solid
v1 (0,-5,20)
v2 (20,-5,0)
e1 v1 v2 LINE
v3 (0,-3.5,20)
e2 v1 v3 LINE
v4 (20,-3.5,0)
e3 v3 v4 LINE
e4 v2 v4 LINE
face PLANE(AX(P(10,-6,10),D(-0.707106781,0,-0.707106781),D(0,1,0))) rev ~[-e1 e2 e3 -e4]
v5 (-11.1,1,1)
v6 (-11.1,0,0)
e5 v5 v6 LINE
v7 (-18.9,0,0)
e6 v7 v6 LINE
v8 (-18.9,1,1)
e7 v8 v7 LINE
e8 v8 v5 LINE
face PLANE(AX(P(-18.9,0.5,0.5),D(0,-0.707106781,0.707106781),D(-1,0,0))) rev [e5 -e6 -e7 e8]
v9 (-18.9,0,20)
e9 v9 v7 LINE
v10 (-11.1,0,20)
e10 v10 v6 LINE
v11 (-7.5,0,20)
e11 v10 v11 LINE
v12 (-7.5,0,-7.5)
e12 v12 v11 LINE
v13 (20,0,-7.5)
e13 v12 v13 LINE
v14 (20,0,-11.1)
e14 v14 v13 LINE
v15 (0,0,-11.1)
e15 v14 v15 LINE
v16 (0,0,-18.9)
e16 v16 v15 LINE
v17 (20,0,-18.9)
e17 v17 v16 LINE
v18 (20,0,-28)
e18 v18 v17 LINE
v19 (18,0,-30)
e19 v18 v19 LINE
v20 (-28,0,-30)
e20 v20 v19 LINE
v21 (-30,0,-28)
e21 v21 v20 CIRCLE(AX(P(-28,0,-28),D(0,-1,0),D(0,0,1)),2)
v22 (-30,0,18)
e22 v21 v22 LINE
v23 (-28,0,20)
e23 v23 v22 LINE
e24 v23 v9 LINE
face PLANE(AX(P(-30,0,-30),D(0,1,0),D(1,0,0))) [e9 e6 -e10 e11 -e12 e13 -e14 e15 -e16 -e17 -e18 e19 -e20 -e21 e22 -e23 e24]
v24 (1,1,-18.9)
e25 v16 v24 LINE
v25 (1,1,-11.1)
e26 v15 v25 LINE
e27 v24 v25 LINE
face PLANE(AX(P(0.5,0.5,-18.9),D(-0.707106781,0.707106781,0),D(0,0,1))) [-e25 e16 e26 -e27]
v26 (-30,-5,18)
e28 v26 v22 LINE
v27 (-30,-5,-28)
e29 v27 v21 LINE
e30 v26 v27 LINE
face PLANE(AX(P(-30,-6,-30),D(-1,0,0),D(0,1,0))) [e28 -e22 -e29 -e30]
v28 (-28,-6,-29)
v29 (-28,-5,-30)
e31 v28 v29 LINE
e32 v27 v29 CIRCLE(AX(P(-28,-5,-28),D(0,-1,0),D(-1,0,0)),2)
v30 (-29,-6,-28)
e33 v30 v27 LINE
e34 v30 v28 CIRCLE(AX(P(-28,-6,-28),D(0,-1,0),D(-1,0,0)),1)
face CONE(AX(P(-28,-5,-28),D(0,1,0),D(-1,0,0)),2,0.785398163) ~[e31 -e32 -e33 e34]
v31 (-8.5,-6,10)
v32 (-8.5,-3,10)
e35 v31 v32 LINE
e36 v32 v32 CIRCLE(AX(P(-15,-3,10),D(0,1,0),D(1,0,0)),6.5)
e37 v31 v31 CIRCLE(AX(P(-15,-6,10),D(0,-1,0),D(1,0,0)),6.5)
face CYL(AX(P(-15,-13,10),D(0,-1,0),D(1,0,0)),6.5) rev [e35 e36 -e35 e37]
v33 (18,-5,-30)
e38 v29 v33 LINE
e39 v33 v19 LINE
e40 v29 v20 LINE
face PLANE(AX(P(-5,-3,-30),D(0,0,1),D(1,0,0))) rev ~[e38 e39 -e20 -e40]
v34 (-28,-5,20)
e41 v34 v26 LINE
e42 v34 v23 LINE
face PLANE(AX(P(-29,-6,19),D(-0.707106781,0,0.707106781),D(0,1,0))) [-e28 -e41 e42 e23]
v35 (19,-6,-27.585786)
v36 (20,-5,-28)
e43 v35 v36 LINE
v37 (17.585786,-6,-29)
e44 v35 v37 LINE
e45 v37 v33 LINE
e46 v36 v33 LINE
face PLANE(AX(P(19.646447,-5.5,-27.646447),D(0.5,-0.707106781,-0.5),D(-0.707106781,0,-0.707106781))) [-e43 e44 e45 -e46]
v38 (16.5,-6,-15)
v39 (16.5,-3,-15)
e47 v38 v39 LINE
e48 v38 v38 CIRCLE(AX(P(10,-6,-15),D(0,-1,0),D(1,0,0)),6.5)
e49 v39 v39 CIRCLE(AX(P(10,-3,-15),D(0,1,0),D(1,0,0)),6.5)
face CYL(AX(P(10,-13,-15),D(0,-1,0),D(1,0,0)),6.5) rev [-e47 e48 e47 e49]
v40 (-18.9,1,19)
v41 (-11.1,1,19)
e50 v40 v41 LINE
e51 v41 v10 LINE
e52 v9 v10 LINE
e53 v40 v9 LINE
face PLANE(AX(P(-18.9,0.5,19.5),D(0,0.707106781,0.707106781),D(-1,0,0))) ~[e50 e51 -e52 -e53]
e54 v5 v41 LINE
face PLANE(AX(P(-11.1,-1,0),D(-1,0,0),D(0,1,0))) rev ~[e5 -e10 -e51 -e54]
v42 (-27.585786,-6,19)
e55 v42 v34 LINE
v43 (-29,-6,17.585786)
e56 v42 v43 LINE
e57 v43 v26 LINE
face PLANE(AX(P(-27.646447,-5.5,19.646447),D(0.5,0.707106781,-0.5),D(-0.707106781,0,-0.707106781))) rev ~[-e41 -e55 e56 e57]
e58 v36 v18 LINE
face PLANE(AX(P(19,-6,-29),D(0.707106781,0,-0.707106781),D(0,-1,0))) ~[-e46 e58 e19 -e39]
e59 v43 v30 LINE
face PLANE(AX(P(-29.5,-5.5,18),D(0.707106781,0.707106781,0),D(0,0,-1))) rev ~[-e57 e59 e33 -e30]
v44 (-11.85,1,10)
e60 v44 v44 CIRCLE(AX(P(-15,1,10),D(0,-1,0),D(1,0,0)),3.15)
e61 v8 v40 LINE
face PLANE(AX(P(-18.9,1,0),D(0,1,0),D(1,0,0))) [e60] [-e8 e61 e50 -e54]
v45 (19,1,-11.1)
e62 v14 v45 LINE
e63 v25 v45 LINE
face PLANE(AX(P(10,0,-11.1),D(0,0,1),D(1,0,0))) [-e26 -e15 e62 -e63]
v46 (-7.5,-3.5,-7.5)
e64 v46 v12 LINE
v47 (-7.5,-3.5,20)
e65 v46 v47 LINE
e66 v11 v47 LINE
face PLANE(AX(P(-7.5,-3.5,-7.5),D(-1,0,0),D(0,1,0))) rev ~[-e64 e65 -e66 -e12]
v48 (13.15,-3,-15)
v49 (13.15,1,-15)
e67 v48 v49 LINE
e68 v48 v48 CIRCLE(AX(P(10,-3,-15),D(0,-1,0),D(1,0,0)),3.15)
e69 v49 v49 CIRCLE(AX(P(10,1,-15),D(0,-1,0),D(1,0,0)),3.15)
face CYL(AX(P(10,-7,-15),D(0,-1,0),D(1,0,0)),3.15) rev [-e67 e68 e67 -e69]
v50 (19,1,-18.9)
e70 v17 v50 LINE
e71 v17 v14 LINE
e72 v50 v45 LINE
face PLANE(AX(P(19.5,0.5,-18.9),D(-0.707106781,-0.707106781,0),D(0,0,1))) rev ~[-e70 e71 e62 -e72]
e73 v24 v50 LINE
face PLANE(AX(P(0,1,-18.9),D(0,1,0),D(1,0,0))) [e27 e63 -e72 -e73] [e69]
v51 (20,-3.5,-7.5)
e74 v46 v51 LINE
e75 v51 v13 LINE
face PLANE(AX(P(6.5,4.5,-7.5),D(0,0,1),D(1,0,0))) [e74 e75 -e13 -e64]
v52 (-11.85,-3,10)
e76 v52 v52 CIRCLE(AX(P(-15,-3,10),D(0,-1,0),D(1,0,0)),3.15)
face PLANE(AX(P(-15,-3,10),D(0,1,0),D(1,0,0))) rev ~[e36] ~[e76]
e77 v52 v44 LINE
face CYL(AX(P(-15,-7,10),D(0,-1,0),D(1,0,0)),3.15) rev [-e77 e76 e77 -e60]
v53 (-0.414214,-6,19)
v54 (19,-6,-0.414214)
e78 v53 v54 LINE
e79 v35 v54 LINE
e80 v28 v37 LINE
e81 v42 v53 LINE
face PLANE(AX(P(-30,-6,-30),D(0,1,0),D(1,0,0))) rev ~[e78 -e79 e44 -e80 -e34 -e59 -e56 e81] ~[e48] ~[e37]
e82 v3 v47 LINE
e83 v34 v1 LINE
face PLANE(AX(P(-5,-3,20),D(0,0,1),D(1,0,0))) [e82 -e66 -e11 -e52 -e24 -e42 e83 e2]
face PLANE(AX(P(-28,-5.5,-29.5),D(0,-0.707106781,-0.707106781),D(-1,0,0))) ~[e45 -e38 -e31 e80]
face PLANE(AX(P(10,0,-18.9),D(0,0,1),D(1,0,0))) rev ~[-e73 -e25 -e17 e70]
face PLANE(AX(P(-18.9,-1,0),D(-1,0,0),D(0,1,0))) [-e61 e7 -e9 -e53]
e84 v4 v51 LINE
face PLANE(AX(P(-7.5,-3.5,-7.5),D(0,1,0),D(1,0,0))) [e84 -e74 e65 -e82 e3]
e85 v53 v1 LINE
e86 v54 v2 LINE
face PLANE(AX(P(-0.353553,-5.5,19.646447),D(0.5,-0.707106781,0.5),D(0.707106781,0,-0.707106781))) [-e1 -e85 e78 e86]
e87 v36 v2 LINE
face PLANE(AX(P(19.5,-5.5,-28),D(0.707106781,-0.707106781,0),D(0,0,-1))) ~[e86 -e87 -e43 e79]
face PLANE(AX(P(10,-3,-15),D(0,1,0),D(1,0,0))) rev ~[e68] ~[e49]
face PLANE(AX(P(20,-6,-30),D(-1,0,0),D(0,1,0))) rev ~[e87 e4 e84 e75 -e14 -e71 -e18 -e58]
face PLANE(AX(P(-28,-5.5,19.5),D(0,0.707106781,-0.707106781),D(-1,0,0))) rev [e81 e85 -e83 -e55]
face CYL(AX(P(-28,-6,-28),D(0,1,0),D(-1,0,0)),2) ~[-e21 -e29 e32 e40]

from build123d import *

# Parameters (mm, degrees)
CYLINDER009_R     = 3.15
CYLINDER009_DEPTH = 10
CYLINDER008_R     = 3.15
CYLINDER008_DEPTH = 10
CYLINDER006_R     = 6.5
CYLINDER006_DEPTH = 10
CYLINDER007_R     = 6.5
CYLINDER007_DEPTH = 10
BOX010_W          = 28
BOX010_H          = 16
BOX010_DEPTH      = 28
BOX008_W          = 50
BOX008_H          = 6
BOX008_DEPTH      = 50
FILLET_R          = 2
CHAMFER014_SIZE   = 20
CHAMFER015_SIZE   = 2
CHAMFER016_SIZE   = 1
BOX007_W          = 7.8
BOX007_H          = 2
BOX007_DEPTH      = 20
CHAMFER010_SIZE   = 1
BOX009_W          = 20
BOX009_H          = 2
BOX009_DEPTH      = 7.8
CHAMFER013_SIZE   = 1


with BuildPart() as cylinder009:
    # Cylinder009 → Cylinder009 (new body)
    with BuildSketch(Plane(origin=(10, -7, -15), x_dir=(1, 0, 0), z_dir=(0, 1, 0))):
        Circle(CYLINDER009_R)
    extrude(amount=CYLINDER009_DEPTH)


with BuildPart() as fusion005:
    # Cylinder008 → Cylinder008 (new body)
    with BuildSketch(Plane(origin=(-15, -7, 10), x_dir=(1, 0, 0), z_dir=(0, 1, 0))):
        Circle(CYLINDER008_R)
    extrude(amount=CYLINDER008_DEPTH)

    # Fusion005: union Cylinder009
    add(cylinder009.part)


with BuildPart() as cylinder006:
    # Cylinder006 → Cylinder006 (new body)
    with BuildSketch(Plane(origin=(10, -16, -15), x_dir=(1, 0, 0), z_dir=(0, 1, 0))):
        Circle(CYLINDER006_R)
    extrude(amount=CYLINDER006_DEPTH)


with BuildPart() as fusion006:
    # Cylinder007 → Cylinder007 (new body)
    with BuildSketch(Plane(origin=(-15, -16, 10), x_dir=(1, 0, 0), z_dir=(0, 1, 0))):
        Circle(CYLINDER007_R)
    extrude(amount=CYLINDER007_DEPTH)

    # Fusion006: union Cylinder006
    add(cylinder006.part)


with BuildPart() as fusion006_1:
    # Fusion006 placement: moved
    add(fusion006.part.moved(Location((0, 3, 0))))


with BuildPart() as cube010:
    # Box010 → Box010 (new body)
    with BuildSketch(Plane(origin=(-7.5, -3.5, -7.5), x_dir=(1, 0, 0), z_dir=(0, 0, 1))):
        with Locations((14, 8)):
            Rectangle(BOX010_W, BOX010_H)
    extrude(amount=BOX010_DEPTH)


with BuildPart() as chamfer016:
    # Box008 → Box008 (new body)
    with BuildSketch(Plane(origin=(-30, -6, -30), x_dir=(1, 0, 0), z_dir=(0, 0, 1))):
        with Locations((25, 3)):
            Rectangle(BOX008_W, BOX008_H)
    extrude(amount=BOX008_DEPTH)

    # Fillet
    fillet_edges = [chamfer016.edges().sort_by_distance(p)[0] for p in [
        (-30, -3, -30),
    ]]
    fillet(fillet_edges, radius=FILLET_R)

    # Chamfer014
    chamfer014_edges = [chamfer016.edges().sort_by_distance(p)[0] for p in [
        (20, -3, 20),
    ]]
    chamfer(chamfer014_edges, length=CHAMFER014_SIZE)

    # Chamfer015
    chamfer015_edges = [chamfer016.edges().sort_by_distance(p)[0] for p in [
        (20, -3, -30),
        (-30, -3, 20),
    ]]
    chamfer(chamfer015_edges, length=CHAMFER015_SIZE)

    # Cut002008002: cut Cube010
    add(cube010.part, mode=Mode.SUBTRACT)

    # Chamfer016
    chamfer016_edges = [chamfer016.edges().sort_by_distance(p)[0] for p in [
        (20, -6, -14),
        (19, -6, -29),
        (10, -6, 10),
        (-5, -6, -30),
        (-14, -6, 20),
        (-29.414214, -6, -29.414214),
        (-29, -6, 19),
        (-30, -6, -5),
    ]]
    chamfer(chamfer016_edges, length=CHAMFER016_SIZE)


with BuildPart() as chamfer010:
    # Box007 → Box007 (new body)
    with BuildSketch(Plane(origin=(-18.9, -1, 0), x_dir=(1, 0, 0), z_dir=(0, 0, 1))):
        with Locations((3.9, 1)):
            Rectangle(BOX007_W, BOX007_H)
    extrude(amount=BOX007_DEPTH)

    # Chamfer010
    chamfer010_edges = [chamfer010.edges().sort_by_distance(p)[0] for p in [
        (-15, 1, 0),
        (-15, 1, 20),
    ]]
    chamfer(chamfer010_edges, length=CHAMFER010_SIZE)


with BuildPart() as top_corner_clip:
    # Box009 → Box009 (new body)
    with BuildSketch(Plane(origin=(0, -1, -18.9), x_dir=(1, 0, 0), z_dir=(0, 0, 1))):
        with Locations((10, 1)):
            Rectangle(BOX009_W, BOX009_H)
    extrude(amount=BOX009_DEPTH)

    # Chamfer013
    chamfer013_edges = [top_corner_clip.edges().sort_by_distance(p)[0] for p in [
        (0, 1, -15),
        (20, 1, -15),
    ]]
    chamfer(chamfer013_edges, length=CHAMFER013_SIZE)

    # Fusion007: union Chamfer010
    add(chamfer010.part)

    # Fusion008: union Chamfer016
    add(chamfer016.part)

    # Cut002008003: cut Fusion006
    add(fusion006_1.part, mode=Mode.SUBTRACT)

    # Cut002008004: cut Fusion005
    add(fusion005.part, mode=Mode.SUBTRACT)


solid = top_corner_clip.part
